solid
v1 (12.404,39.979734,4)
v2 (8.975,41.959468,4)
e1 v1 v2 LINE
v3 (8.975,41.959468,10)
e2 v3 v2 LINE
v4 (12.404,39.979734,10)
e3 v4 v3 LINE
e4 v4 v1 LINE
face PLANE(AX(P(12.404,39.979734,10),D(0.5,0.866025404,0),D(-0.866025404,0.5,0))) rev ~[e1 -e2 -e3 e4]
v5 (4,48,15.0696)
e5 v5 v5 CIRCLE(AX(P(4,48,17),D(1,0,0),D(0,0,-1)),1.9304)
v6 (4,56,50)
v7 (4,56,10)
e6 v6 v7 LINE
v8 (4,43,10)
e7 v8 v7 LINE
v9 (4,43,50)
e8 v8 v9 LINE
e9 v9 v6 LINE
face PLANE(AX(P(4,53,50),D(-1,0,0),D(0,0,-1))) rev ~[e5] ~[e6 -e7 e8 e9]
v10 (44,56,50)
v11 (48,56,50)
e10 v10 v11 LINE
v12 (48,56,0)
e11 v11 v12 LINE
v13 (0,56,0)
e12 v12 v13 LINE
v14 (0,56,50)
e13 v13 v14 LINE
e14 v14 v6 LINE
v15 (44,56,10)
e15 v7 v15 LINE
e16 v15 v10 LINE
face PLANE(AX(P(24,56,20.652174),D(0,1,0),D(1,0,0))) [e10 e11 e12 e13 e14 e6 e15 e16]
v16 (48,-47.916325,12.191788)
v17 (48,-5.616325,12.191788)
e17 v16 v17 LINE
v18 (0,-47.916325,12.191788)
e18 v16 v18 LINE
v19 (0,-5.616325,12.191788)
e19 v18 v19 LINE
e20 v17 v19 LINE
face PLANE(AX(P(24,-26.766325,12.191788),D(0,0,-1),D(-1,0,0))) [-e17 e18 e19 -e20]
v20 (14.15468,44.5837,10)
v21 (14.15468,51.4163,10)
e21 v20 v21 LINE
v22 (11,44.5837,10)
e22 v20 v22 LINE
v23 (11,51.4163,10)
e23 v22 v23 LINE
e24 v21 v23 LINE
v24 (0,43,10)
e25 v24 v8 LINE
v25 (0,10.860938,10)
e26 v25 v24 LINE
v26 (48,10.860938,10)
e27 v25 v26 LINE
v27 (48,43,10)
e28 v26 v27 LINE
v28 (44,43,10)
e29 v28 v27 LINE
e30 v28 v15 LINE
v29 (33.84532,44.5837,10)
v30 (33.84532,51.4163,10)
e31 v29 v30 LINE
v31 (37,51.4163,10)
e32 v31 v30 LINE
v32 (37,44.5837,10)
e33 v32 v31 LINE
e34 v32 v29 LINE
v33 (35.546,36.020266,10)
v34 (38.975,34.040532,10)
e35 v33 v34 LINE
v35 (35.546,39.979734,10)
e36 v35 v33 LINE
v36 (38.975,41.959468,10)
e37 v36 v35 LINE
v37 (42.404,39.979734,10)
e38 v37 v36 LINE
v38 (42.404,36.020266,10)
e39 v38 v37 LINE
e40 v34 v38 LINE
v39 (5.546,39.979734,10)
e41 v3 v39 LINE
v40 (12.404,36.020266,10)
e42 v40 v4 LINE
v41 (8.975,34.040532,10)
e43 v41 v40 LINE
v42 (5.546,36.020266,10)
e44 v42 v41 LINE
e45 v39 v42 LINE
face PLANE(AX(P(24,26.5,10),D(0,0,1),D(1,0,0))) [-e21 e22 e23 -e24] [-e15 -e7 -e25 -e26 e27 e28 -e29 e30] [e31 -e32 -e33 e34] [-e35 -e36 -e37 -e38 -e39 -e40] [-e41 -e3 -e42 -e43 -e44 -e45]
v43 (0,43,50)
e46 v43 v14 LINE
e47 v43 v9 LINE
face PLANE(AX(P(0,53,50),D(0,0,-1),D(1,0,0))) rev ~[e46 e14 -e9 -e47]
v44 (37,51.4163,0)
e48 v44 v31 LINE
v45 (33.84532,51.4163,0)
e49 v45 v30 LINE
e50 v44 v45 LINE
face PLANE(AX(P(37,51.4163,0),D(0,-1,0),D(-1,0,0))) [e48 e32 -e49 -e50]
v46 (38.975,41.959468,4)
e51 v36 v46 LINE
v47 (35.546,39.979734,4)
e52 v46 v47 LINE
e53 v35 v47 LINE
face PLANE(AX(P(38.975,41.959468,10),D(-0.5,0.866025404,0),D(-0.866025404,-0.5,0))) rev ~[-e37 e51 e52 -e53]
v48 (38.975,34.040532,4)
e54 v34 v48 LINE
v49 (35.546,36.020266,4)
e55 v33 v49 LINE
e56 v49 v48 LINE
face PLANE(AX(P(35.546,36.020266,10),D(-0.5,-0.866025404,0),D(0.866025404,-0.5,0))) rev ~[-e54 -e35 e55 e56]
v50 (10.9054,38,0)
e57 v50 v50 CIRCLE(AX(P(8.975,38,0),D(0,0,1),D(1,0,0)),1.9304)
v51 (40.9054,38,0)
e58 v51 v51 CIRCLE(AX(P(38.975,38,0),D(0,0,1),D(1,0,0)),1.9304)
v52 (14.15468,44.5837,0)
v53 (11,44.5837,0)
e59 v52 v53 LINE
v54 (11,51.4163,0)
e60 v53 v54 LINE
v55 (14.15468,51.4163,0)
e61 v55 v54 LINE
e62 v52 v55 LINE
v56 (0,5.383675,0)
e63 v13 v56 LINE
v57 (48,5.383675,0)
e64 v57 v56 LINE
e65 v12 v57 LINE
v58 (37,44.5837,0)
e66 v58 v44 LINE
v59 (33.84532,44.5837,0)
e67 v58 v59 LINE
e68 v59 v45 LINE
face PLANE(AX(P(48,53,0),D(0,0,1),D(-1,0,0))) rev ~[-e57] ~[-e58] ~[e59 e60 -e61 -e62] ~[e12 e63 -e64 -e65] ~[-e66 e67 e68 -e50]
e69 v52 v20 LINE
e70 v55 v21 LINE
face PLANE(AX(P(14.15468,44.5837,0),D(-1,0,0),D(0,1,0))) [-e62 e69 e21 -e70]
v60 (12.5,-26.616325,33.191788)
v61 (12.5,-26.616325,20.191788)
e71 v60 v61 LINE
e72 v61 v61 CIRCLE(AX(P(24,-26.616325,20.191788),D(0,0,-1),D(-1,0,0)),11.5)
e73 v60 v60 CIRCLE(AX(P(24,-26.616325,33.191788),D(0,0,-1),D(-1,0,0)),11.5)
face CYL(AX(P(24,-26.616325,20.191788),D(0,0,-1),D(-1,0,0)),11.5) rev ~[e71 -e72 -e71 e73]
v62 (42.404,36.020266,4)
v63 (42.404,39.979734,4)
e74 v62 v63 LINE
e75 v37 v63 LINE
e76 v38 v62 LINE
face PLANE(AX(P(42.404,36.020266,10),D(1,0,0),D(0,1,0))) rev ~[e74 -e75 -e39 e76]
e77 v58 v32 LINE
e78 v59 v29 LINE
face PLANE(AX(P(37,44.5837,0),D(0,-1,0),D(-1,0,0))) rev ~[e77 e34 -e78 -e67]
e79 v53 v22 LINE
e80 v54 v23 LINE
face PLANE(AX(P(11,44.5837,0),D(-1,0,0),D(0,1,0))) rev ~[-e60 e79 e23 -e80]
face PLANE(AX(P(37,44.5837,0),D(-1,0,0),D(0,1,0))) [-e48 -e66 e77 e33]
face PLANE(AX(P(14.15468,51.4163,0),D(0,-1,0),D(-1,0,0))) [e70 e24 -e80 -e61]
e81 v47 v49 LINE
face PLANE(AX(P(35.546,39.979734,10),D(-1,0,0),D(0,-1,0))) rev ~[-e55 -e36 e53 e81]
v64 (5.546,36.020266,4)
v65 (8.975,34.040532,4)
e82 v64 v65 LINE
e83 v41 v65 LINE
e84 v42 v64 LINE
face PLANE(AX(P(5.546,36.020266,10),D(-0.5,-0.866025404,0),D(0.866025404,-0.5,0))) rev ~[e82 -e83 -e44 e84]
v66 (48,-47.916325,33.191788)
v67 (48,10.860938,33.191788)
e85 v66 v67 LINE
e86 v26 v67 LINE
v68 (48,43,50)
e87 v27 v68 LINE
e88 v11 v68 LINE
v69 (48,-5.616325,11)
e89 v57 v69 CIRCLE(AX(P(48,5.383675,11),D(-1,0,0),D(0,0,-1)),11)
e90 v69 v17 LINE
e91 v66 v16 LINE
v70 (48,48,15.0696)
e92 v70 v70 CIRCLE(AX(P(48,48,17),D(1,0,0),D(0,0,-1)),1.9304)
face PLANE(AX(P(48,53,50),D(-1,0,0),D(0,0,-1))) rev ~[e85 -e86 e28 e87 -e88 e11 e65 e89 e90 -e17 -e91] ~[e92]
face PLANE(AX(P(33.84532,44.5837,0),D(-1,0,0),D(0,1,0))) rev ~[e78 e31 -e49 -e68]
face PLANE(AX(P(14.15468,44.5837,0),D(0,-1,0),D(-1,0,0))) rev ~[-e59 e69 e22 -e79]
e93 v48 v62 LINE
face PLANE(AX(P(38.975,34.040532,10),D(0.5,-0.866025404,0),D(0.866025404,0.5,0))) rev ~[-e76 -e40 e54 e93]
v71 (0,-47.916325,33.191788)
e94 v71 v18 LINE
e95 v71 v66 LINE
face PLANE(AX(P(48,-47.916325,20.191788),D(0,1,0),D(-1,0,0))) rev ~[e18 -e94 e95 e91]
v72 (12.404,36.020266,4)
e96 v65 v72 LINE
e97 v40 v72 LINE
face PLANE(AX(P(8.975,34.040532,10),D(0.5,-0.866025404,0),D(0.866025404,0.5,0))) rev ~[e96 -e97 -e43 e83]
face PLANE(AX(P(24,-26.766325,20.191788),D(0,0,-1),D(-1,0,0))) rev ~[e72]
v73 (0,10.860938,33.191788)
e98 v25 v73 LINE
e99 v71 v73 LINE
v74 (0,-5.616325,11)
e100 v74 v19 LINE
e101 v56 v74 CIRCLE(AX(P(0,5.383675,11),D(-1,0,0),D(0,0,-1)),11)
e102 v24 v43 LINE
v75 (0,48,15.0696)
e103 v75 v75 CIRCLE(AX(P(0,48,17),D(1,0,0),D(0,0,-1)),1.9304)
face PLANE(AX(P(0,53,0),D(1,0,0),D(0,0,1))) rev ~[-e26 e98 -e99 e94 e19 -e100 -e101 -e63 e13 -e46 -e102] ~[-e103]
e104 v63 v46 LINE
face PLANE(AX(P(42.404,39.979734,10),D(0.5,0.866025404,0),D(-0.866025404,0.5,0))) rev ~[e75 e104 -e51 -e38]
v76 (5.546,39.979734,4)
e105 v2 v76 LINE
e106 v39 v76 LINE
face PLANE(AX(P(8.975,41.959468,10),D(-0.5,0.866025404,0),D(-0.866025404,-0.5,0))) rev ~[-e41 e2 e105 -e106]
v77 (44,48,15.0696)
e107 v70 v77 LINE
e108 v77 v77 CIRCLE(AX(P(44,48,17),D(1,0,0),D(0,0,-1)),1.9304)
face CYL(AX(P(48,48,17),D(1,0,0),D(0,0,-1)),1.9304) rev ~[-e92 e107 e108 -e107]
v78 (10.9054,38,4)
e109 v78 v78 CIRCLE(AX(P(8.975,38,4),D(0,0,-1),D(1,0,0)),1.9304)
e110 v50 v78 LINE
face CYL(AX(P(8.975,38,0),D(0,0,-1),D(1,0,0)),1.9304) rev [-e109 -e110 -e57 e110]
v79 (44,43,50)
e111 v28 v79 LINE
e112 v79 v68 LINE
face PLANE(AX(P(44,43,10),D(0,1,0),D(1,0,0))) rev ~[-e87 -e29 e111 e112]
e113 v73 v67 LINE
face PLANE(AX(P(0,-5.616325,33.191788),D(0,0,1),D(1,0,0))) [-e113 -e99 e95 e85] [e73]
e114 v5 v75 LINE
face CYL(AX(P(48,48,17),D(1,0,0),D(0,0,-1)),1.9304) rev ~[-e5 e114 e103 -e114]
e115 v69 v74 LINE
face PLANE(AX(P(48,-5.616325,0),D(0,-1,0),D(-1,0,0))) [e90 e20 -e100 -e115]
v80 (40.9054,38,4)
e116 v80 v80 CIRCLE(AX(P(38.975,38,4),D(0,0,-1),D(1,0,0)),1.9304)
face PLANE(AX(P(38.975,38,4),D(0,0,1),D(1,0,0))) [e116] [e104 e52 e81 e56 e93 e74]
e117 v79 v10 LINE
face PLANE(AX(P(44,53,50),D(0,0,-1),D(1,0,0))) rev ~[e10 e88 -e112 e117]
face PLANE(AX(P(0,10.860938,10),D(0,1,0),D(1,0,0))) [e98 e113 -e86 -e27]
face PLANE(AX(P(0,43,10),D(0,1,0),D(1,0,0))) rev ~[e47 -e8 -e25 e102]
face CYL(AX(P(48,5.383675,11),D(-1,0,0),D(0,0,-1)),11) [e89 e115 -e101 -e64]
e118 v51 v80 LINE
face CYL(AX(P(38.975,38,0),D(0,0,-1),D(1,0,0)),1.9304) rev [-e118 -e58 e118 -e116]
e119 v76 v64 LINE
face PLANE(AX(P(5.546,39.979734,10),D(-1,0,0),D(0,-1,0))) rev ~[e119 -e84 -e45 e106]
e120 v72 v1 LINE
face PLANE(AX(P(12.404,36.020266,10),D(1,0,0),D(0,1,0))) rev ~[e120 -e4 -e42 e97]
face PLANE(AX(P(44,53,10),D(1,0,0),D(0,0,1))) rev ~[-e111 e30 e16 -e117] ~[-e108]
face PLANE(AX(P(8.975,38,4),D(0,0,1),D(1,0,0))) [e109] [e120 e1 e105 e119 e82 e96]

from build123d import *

# Parameters (mm, degrees)
SKETCH1_W           = 48
SKETCH1_H           = 53
SKETCH1_R           = 1.9304
BOSS_EXTRUDE1_DEPTH = 10
SKETCH2_W           = 48
SKETCH2_H           = 5.616325
BOSS_EXTRUDE2_DEPTH = 33.1917878
SKETCH4_W           = 4
SKETCH4_H           = 10
BOSS_EXTRUDE4_DEPTH = 40
SKETCH5_W           = 48
SKETCH5_H           = 10.8609375
BOSS_EXTRUDE5_DEPTH = 23.1917878
SKETCH6_W           = 48
SKETCH6_H           = 5
BOSS_EXTRUDE6_DEPTH = 42.3
CUT_EXTRUDE1_REACH  = 78.862
SKETCH8_R           = 11.5
SKETCH9_R           = 1.9304
CUT_EXTRUDE2_DEPTH  = 88.252507127
CUT_EXTRUDE3_REACH  = 89.253
SKETCH10_W          = 3.15468
SKETCH10_H          = 6.8326
BOSS_EXTRUDE7_START = 8
SKETCH11_W          = 48
SKETCH11_H          = 42.3
SKETCH11_R          = 11.5
BOSS_EXTRUDE7_DEPTH = 8
SKETCH12_W          = 48
SKETCH12_H          = 42.3
BOSS_EXTRUDE8_DEPTH = 8
FILLET1_R           = 11
BOSS_EXTRUDE9_DEPTH = 3
CUT_EXTRUDE4_DEPTH  = 6


with BuildPart() as part:
    # Sketch1 → Boss-Extrude1 (new body)
    with BuildSketch(Plane.XY):
        with Locations((24, 26.5)):
            Rectangle(SKETCH1_W, SKETCH1_H)
        with Locations((8.975, 38)):
            Circle(SKETCH1_R, mode=Mode.SUBTRACT)
        with Locations((38.975, 38)):
            Circle(SKETCH1_R, mode=Mode.SUBTRACT)
    extrude(amount=BOSS_EXTRUDE1_DEPTH)

    # Sketch2 → Boss-Extrude2 (add)
    with BuildSketch(Plane(origin=(0, 0, 0), x_dir=(-1, 0, 0), z_dir=(0, 0, -1))):
        with Locations((-24, -2.8081625)):
            Rectangle(SKETCH2_W, SKETCH2_H)
    extrude(amount=-BOSS_EXTRUDE2_DEPTH)

    # Sketch4 → Boss-Extrude4 (add)
    with BuildSketch(Plane.XY.offset(10)):
        with Locations((2, 48)):
            Rectangle(SKETCH4_W, SKETCH4_H)
        with Locations((46, 48)):
            Rectangle(SKETCH4_W, SKETCH4_H)
    extrude(amount=BOSS_EXTRUDE4_DEPTH)

    # Sketch5 → Boss-Extrude5 (add)
    with BuildSketch(Plane.XY.offset(10)):
        with Locations((24, 5.43046875)):
            Rectangle(SKETCH5_W, SKETCH5_H)
    extrude(amount=BOSS_EXTRUDE5_DEPTH)

    # Sketch6 → Boss-Extrude6 (add)
    with BuildSketch(Plane.XZ.offset(5.616325)):
        with Locations((24, 30.6917878)):
            Rectangle(SKETCH6_W, SKETCH6_H)
    extrude(amount=BOSS_EXTRUDE6_DEPTH)

    # Sketch8 → Cut-Extrude1 (cut, up to next)
    with BuildSketch(Plane(origin=(0, 0, 28.1917878), x_dir=(-1, 0, 0), z_dir=(0, 0, -1)), mode=Mode.PRIVATE) as cut_extrude1_sk1:
        with Locations((-24, -26.616325)):
            Circle(SKETCH8_R)
    cut_extrude1_tool1 = extrude(cut_extrude1_sk1.sketch, amount=-CUT_EXTRUDE1_REACH, mode=Mode.PRIVATE) & part.part
    add(cut_extrude1_tool1.solids().sort_by_distance((24, -26.616325, 28.191788))[0], mode=Mode.SUBTRACT)

    # Sketch9 → Cut-Extrude2 (cut, through all)
    with BuildSketch(Plane(origin=(48, 0, 0), x_dir=(0, 0, -1), z_dir=(1, 0, 0))):
        with Locations((-17, 48)):
            Circle(SKETCH9_R)
    extrude(amount=-CUT_EXTRUDE2_DEPTH, mode=Mode.SUBTRACT)

    # Sketch10 → Cut-Extrude3 (cut, up to next)
    with BuildSketch(Plane(origin=(0, 0, 0), x_dir=(-1, 0, 0), z_dir=(0, 0, -1)), mode=Mode.PRIVATE) as cut_extrude3_sk1:
        with Locations((-35.42266, 48)):
            Rectangle(SKETCH10_W, SKETCH10_H)
    cut_extrude3_tool1 = extrude(cut_extrude3_sk1.sketch, amount=-CUT_EXTRUDE3_REACH, mode=Mode.PRIVATE) & part.part
    # Sketch10 → Cut-Extrude3 (cut, up to next)
    with BuildSketch(Plane(origin=(0, 0, 0), x_dir=(-1, 0, 0), z_dir=(0, 0, -1)), mode=Mode.PRIVATE) as cut_extrude3_sk2:
        with Locations((-12.57734, 48)):
            Rectangle(SKETCH10_W, SKETCH10_H)
    cut_extrude3_tool2 = extrude(cut_extrude3_sk2.sketch, amount=-CUT_EXTRUDE3_REACH, mode=Mode.PRIVATE) & part.part
    add(cut_extrude3_tool1.solids().sort_by_distance((35.42266, 48, 0))[0], mode=Mode.SUBTRACT)
    add(cut_extrude3_tool2.solids().sort_by_distance((12.57734, 48, 0))[0], mode=Mode.SUBTRACT)

    # Sketch11 → Boss-Extrude7 (add)
    with BuildSketch(Plane(origin=(0, 0, 28.1917878), x_dir=(-1, 0, 0), z_dir=(0, 0, -1)).offset(BOSS_EXTRUDE7_START)):
        with Locations((-24, -26.766325)):
            Rectangle(SKETCH11_W, SKETCH11_H)
        with Locations((-24, -26.616325)):
            Circle(SKETCH11_R, mode=Mode.SUBTRACT)
    extrude(amount=-BOSS_EXTRUDE7_DEPTH)

    # Sketch12 → Boss-Extrude8 (add)
    with BuildSketch(Plane(origin=(0, 0, 20.1917878), x_dir=(-1, 0, 0), z_dir=(0, 0, -1))):
        with Locations((-24, -26.766325)):
            Rectangle(SKETCH12_W, SKETCH12_H)
    extrude(amount=BOSS_EXTRUDE8_DEPTH)

    # Fillet1
    fillet1_edges = [part.edges().sort_by_distance(p)[0] for p in [
        (24, -5.616325, 0),
    ]]
    fillet(fillet1_edges, radius=FILLET1_R)

    # Sketch13 → Boss-Extrude9 (add)
    with BuildSketch(Plane(origin=(0, 53, 0), x_dir=(1, 0, 0), z_dir=(0, 1, 0))):
        Polygon((0, 0), (0, -50), (4, -50), (4, -10), (44, -10), (44, -50), (48, -50), (48, 0), align=None)
    extrude(amount=BOSS_EXTRUDE9_DEPTH)

    # Sketch14 → Cut-Extrude4 (cut)
    with BuildSketch(Plane.XY.offset(10)):
        Polygon((8.975, 41.9594682), (5.545999953, 39.9797341), (5.545999953, 36.0202659), (8.975, 34.0405318), (12.404000047, 36.0202659), (12.404000047, 39.9797341), align=None)
        Polygon((38.975, 41.9594682), (35.545999953, 39.9797341), (35.545999953, 36.0202659), (38.975, 34.0405318), (42.404000047, 36.0202659), (42.404000047, 39.9797341), align=None)
    extrude(amount=-CUT_EXTRUDE4_DEPTH, mode=Mode.SUBTRACT)


solid = part.part
